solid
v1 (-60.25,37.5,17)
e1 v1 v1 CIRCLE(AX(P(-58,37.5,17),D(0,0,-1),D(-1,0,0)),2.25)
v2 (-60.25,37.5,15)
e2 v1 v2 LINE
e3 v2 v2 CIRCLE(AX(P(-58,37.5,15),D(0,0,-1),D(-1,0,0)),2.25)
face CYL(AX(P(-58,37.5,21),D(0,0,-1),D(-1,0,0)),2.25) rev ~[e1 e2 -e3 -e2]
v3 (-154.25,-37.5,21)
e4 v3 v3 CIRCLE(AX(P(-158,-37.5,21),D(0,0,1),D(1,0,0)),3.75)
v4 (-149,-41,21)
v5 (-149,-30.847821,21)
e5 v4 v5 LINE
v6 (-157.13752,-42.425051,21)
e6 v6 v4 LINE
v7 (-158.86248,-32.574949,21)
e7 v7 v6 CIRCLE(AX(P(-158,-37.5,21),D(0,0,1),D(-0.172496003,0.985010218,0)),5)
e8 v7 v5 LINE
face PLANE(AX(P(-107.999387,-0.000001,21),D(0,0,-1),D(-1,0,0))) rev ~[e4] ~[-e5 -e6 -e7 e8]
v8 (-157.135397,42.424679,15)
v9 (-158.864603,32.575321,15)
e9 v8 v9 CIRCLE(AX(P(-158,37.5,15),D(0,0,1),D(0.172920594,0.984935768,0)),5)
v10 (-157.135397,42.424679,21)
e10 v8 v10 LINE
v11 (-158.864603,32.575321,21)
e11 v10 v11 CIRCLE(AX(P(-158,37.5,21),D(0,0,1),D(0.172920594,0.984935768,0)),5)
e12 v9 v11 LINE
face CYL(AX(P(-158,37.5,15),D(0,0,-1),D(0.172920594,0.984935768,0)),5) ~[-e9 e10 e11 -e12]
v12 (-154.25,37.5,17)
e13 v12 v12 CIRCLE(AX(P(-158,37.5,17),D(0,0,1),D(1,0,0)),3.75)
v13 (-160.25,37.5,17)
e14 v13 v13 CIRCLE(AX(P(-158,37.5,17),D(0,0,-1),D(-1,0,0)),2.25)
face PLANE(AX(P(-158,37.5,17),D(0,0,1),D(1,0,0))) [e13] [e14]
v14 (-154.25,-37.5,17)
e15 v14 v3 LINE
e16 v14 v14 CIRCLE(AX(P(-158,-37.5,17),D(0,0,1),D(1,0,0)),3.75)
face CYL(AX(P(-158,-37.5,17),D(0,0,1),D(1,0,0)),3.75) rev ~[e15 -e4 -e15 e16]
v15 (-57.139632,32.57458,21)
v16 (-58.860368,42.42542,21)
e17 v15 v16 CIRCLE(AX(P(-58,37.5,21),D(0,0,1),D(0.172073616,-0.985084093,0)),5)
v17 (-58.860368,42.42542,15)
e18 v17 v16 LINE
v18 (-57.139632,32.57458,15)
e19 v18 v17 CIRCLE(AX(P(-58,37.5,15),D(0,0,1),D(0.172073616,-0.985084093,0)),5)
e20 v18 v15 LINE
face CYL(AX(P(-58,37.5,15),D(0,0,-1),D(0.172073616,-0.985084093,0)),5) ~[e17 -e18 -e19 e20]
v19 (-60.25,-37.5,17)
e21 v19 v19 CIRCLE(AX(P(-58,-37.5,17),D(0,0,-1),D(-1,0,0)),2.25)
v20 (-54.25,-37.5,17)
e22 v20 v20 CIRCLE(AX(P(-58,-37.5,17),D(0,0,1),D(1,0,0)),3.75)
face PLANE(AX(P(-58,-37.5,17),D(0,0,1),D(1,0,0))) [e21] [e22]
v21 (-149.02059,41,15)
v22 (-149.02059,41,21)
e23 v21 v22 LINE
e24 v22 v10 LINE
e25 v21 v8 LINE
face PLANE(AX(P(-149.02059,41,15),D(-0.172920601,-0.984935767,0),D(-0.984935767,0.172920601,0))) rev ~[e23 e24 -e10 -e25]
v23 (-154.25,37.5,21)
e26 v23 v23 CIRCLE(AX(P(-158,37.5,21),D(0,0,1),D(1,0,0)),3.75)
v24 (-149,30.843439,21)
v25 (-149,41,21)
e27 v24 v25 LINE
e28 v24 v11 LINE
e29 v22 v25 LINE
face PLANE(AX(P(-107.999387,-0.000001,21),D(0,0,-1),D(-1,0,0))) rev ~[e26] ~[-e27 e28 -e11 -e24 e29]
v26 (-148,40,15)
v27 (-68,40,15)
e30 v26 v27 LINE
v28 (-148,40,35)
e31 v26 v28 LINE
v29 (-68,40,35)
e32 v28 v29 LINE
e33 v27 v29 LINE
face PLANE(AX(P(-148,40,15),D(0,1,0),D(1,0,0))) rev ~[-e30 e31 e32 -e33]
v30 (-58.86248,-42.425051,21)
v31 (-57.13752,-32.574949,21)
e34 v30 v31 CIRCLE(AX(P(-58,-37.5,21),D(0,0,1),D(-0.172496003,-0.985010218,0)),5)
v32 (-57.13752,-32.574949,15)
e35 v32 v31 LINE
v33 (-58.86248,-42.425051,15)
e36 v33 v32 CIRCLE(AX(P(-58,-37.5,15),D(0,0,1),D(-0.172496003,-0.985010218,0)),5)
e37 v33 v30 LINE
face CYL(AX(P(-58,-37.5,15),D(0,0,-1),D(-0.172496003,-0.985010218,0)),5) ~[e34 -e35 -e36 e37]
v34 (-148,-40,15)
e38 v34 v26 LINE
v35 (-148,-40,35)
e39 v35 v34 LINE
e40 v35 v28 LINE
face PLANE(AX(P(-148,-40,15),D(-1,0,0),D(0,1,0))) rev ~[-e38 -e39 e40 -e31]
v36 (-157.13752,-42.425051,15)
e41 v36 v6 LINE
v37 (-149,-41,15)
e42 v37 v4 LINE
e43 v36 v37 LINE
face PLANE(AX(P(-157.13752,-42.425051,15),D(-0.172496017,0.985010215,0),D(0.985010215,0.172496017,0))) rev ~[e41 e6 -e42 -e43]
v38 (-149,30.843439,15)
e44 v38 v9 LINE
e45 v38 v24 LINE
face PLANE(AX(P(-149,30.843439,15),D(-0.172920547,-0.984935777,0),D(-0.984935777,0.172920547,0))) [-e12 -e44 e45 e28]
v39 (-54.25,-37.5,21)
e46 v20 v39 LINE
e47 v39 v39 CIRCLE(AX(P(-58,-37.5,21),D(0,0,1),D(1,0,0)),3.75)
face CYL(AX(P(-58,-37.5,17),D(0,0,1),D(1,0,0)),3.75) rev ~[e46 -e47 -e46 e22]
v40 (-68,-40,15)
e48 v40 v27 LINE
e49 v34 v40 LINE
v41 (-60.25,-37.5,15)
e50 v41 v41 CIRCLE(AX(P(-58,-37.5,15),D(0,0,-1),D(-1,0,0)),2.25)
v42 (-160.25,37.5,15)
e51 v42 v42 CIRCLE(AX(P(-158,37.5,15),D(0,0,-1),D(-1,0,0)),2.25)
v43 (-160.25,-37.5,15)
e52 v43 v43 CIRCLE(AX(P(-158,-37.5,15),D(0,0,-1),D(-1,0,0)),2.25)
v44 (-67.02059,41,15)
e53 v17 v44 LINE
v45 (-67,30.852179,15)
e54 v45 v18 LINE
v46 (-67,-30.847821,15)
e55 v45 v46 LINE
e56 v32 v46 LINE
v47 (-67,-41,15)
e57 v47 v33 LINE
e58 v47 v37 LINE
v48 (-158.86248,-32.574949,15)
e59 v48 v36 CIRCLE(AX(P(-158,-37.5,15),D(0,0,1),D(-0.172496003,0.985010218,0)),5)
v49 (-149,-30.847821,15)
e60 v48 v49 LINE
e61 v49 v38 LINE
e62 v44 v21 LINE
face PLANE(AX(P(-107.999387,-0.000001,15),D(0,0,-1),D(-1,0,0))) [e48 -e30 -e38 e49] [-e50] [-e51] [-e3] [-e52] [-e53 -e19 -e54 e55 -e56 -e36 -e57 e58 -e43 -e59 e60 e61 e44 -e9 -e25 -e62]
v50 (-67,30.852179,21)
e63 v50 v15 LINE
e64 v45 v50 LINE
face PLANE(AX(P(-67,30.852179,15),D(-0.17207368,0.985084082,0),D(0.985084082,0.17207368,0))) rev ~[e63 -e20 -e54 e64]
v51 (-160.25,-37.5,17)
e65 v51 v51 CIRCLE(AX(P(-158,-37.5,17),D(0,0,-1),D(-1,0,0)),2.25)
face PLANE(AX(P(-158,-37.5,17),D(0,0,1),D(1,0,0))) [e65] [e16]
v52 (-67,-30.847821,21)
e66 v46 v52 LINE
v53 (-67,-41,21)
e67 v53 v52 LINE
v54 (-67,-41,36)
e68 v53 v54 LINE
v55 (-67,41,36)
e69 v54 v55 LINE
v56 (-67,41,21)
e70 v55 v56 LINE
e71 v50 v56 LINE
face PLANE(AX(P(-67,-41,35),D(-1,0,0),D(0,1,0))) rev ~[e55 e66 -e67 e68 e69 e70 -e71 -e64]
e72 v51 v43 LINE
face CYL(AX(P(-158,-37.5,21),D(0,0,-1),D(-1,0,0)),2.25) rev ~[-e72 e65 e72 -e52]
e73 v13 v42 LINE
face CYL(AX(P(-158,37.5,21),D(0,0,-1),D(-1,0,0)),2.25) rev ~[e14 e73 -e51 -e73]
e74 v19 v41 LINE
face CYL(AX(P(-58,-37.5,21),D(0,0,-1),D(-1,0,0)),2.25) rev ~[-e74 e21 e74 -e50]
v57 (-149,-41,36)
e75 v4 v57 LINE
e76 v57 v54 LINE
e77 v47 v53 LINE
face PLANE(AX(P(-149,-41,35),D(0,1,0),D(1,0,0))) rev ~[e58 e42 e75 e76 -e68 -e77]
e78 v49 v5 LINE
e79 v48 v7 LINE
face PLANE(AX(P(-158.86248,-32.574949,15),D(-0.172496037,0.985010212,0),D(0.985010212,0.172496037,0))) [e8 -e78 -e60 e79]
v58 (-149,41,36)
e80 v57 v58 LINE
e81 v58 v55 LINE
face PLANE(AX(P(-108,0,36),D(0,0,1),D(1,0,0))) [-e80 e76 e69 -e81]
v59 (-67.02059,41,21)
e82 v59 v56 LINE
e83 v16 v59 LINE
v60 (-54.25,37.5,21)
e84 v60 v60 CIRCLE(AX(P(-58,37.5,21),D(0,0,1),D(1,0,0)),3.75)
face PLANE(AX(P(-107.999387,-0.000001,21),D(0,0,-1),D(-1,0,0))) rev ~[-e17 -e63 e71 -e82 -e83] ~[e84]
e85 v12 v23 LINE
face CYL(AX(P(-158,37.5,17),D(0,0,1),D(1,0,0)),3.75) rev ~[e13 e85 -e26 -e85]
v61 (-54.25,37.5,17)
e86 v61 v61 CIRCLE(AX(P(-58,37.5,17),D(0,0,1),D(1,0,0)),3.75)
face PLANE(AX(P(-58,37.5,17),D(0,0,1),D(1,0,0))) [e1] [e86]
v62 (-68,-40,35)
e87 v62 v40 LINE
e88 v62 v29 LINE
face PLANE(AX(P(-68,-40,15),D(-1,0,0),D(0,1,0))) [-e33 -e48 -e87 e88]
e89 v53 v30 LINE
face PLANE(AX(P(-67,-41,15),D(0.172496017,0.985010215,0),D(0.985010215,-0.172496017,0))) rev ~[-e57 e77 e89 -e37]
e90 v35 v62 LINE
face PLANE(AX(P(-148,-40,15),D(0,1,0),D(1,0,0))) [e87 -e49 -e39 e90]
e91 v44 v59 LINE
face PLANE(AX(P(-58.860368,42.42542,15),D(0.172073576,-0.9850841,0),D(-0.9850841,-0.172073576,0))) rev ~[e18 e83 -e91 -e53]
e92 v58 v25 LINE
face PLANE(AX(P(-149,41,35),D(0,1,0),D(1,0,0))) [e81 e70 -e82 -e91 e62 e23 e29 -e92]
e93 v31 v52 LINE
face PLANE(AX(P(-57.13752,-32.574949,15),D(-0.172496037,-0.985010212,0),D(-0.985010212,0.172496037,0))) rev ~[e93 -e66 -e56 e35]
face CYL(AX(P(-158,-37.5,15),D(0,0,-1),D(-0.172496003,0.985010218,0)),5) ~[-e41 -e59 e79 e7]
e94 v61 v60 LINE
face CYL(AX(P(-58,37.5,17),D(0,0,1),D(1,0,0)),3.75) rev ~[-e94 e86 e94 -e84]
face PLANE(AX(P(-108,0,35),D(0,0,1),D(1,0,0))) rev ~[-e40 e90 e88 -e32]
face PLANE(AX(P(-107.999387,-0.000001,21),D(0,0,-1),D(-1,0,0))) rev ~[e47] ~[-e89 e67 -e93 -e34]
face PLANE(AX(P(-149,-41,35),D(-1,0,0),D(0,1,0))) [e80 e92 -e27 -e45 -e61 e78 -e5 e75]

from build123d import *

# Parameters (mm, degrees)
SKETCH218_W         = 80
SKETCH218_H         = 80
PAD096_DEPTH        = 6
SKETCH219_W         = 82
SKETCH219_H         = 82
SKETCH219_W_2       = 80
SKETCH219_H_2       = 80
PAD097_DEPTH        = 20
SKETCH220_W         = 82
SKETCH220_H         = 82
PAD098_DEPTH        = 1
HOLE010_D           = 4.5
HOLE010_DEPTH       = 24
HOLE010_CBORE_D     = 7.5
HOLE010_CBORE_DEPTH = 4


with BuildPart() as part:
    # Sketch218 → Pad096 (new body)
    with BuildSketch(Plane.XY):
        with BuildLine():
            Line((-41.02059, 41), (40.97941, 41))
            Line((49.139632, 42.42542), (40.97941, 41))
            ThreePointArc((50.860368, 32.57458), (54.92542, 38.360368), (49.139632, 42.42542))
            Line((41, 30.852179), (50.860368, 32.57458))
            Line((41, 30.852179), (41, -30.847821))
            Line((50.86248, -32.574949), (41, -30.847821))
            ThreePointArc((49.13752, -42.425051), (54.925051, -38.36248), (50.86248, -32.574949))
            Line((41, -41), (49.13752, -42.425051))
            Line((41, -41), (-41, -41))
            Line((-49.13752, -42.425051), (-41, -41))
            ThreePointArc((-50.86248, -32.574949), (-54.925051, -38.36248), (-49.13752, -42.425051))
            Line((-50.86248, -32.574949), (-41, -30.847821))
            Line((-41, -30.847821), (-41, 30.843439))
            Line((-41, 30.843439), (-50.864603, 32.575321))
            ThreePointArc((-49.135397, 42.424679), (-54.924679, 38.364603), (-50.864603, 32.575321))
            Line((-41.02059, 41), (-49.135397, 42.424679))
        make_face()
        Rectangle(SKETCH218_W, SKETCH218_H, mode=Mode.SUBTRACT)
    extrude(amount=PAD096_DEPTH)

    # Sketch219 → Pad097 (join)
    with BuildSketch(Plane.XY):
        Rectangle(SKETCH219_W, SKETCH219_H)
        Rectangle(SKETCH219_W_2, SKETCH219_H_2, mode=Mode.SUBTRACT)
    extrude(amount=PAD097_DEPTH)

    # Sketch220 (on Face25 of Pad097) → Pad098 (join)
    with BuildSketch(Plane.XY.offset(20)):
        Rectangle(SKETCH220_W, SKETCH220_H)
    extrude(amount=PAD098_DEPTH)

    # Hole010
    with Locations(Plane.XY.offset(6)):
        with Locations((-50, 37.5), (50, 37.5), (50, -37.5), (-50, -37.5)):
            CounterBoreHole(HOLE010_D / 2, HOLE010_CBORE_D / 2, HOLE010_CBORE_DEPTH, depth=HOLE010_DEPTH)


with BuildPart() as part_1:
    # Body026 placement: moved
    add(part.part.moved(Location((-108, 0, 15))))


solid = part_1.part
